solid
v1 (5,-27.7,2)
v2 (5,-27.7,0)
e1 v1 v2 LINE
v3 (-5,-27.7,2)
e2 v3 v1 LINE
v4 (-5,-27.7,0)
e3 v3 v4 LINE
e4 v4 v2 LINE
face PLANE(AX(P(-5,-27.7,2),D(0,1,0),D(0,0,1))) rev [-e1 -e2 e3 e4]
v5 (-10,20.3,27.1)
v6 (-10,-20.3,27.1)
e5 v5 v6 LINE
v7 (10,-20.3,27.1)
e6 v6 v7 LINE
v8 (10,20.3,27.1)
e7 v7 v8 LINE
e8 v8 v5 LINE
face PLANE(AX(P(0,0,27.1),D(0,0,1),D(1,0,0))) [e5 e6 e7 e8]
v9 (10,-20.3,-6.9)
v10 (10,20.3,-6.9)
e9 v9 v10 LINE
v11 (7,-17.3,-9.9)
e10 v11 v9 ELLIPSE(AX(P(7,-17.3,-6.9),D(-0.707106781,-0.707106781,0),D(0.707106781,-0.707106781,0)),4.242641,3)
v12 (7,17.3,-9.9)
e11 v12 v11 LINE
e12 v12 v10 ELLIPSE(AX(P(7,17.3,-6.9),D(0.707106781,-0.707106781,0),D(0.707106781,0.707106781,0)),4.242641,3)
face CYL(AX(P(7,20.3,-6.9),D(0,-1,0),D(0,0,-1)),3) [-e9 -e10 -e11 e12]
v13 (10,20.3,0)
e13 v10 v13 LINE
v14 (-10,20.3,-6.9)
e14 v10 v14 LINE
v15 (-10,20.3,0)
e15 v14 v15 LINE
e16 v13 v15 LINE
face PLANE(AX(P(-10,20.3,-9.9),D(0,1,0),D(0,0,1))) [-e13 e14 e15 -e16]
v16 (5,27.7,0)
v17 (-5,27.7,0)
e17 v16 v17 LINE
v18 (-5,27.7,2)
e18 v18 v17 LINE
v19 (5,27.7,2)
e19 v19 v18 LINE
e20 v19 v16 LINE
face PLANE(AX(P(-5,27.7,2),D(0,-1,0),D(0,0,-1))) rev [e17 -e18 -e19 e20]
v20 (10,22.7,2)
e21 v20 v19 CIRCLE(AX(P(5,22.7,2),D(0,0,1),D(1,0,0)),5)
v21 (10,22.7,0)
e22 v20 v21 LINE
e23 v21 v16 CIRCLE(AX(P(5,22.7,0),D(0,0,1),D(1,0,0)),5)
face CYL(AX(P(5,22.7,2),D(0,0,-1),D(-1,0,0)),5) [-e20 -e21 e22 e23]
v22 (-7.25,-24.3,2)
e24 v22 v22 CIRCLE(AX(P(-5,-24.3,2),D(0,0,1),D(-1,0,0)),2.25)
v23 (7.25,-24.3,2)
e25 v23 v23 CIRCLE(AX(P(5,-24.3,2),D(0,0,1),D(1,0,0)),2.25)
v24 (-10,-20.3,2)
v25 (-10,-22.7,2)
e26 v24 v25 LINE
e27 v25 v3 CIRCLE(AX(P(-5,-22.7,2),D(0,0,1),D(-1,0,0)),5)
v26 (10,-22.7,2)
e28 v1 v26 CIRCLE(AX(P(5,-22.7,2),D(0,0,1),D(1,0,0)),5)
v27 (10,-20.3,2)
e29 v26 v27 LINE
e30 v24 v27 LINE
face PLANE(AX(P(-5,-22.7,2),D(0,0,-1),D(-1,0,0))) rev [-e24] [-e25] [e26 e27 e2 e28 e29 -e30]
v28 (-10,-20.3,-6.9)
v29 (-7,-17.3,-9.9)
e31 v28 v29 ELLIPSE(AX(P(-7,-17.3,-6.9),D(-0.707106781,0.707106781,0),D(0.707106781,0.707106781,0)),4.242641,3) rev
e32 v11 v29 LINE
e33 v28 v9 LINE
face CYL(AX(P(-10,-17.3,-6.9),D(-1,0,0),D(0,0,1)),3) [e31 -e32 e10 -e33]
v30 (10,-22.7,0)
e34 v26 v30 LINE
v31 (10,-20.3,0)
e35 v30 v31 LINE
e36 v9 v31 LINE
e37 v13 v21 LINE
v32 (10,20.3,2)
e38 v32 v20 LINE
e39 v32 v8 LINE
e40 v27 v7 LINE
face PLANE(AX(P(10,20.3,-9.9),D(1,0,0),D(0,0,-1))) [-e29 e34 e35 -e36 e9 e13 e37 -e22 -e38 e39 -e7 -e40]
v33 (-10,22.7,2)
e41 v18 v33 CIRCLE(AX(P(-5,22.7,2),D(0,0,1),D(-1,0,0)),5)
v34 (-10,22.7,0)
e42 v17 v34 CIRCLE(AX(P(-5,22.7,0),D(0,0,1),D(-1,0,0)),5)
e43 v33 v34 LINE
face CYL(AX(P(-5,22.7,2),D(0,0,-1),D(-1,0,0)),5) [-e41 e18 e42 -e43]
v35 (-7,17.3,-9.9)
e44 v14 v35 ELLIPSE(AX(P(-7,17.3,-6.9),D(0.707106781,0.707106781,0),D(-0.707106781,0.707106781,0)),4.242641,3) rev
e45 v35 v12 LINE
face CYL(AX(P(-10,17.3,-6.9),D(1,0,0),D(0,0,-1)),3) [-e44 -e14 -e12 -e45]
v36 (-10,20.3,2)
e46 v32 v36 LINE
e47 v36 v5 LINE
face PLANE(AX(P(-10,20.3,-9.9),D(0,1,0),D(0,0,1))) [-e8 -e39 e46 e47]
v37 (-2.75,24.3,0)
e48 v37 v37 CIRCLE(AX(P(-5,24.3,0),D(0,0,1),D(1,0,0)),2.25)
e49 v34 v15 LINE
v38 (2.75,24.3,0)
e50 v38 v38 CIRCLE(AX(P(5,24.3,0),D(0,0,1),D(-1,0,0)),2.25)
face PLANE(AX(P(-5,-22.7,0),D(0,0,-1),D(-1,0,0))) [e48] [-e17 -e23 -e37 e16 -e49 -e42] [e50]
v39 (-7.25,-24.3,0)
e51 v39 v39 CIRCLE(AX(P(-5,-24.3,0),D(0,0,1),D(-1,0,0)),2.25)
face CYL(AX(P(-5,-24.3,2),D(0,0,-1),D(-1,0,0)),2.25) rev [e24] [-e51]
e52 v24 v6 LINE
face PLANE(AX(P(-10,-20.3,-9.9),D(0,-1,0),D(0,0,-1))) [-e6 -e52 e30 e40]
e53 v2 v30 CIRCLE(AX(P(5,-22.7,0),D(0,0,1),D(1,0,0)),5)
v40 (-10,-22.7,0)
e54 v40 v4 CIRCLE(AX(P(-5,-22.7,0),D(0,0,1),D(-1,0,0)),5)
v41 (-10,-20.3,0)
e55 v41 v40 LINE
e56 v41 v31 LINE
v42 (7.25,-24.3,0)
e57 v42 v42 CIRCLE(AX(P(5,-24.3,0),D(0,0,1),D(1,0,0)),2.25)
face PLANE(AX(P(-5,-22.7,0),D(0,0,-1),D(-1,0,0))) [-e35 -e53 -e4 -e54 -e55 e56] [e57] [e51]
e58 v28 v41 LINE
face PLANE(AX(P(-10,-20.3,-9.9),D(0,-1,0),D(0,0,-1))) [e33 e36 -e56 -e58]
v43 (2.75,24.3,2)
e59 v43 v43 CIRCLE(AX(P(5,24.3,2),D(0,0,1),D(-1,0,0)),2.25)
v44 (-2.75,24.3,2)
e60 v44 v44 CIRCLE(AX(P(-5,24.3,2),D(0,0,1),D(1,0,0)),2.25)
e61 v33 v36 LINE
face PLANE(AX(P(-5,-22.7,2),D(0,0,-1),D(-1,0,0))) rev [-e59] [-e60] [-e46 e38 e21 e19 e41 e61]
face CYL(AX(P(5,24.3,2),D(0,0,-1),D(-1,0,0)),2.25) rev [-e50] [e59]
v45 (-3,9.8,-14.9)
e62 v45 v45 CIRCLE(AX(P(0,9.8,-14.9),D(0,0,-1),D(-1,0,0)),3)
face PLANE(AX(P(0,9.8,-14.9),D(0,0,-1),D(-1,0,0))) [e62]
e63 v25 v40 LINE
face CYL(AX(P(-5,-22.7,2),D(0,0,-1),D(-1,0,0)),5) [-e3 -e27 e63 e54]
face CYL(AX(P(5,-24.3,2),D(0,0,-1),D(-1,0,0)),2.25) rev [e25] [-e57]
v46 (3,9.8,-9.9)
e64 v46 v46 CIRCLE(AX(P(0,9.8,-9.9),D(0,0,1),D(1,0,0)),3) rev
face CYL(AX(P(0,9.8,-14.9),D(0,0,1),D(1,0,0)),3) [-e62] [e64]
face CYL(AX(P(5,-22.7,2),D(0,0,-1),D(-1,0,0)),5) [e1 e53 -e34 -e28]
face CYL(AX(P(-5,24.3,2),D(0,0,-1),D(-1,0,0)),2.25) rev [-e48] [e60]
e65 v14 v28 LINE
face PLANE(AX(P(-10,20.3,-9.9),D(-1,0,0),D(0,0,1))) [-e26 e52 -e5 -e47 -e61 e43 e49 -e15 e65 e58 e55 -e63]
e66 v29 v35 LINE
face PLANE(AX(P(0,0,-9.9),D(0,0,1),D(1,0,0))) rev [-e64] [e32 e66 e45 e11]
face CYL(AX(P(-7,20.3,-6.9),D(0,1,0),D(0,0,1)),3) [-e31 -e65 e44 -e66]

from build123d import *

# Parameters (mm, degrees)
BOSS_EXTRUDE1_DEPTH      = 27.1
BOSS_EXTRUDE1_DEPTH_BACK = 9.9
SKETCH2_W                = 20
SKETCH2_H                = 40.6
SKETCH1_R                = 2.83646338
SKETCH1_R_2              = 2.25
BOSS_EXTRUDE2_DEPTH      = 2
FILLET1_R                = 3
SKETCH3_R                = 3
BOSS_EXTRUDE3_DEPTH      = 5


with BuildPart() as part:
    # Sketch2 → Boss-Extrude1 (new, two sides: drawn at the far end of the back side and taken through both)
    with BuildSketch(Plane.XY.offset(-BOSS_EXTRUDE1_DEPTH_BACK)):
        Rectangle(SKETCH2_W, SKETCH2_H)
    extrude(amount=BOSS_EXTRUDE1_DEPTH + BOSS_EXTRUDE1_DEPTH_BACK)

    # Sketch1 → Boss-Extrude2 (add)
    with BuildSketch(Plane.XY):
        with BuildLine():
            Line((-5, -27.7), (5, -27.7))
            ThreePointArc((5, -27.7), (8.535533906, -26.235533906), (10, -22.7))
            Line((10, -22.7), (10, 22.7))
            ThreePointArc((10, 22.7), (8.535533906, 26.235533906), (5, 27.7))
            Line((5, 27.7), (-5, 27.7))
            ThreePointArc((-5, 27.7), (-8.535533906, 26.235533906), (-10, 22.7))
            Line((-10, 22.7), (-10, -22.7))
            ThreePointArc((-10, -22.7), (-8.535533906, -26.235533906), (-5, -27.7))
        make_face()
        with Locations((0, 9.8)):
            Circle(SKETCH1_R, mode=Mode.SUBTRACT)
        with Locations((-5, 24.3)):
            Circle(SKETCH1_R_2, mode=Mode.SUBTRACT)
        with Locations(Location((5, 24.3, 0), (0, 0, 180))):
            Circle(SKETCH1_R_2, mode=Mode.SUBTRACT)
        with Locations((5, -24.3)):
            Circle(SKETCH1_R_2, mode=Mode.SUBTRACT)
        with Locations(Location((-5, -24.3, 0), (0, 0, 180))):
            Circle(SKETCH1_R_2, mode=Mode.SUBTRACT)
    extrude(amount=BOSS_EXTRUDE2_DEPTH)

    # Fillet1
    fillet1_edges = [part.edges().sort_by_distance(p)[0] for p in [
        (10, 0, -9.9),
        (0, 20.3, -9.9),
        (-10, 0, -9.9),
        (0, -20.3, -9.9),
    ]]
    fillet(fillet1_edges, radius=FILLET1_R)

    # Sketch3 → Boss-Extrude3 (add)
    with BuildSketch(Plane(origin=(0, 0, -9.9), x_dir=(-1, 0, 0), z_dir=(0, 0, -1))):
        with Locations(Location((0, 9.8, 0), (0, 0, 180))):
            Circle(SKETCH3_R)
    extrude(amount=BOSS_EXTRUDE3_DEPTH)


solid = part.part
